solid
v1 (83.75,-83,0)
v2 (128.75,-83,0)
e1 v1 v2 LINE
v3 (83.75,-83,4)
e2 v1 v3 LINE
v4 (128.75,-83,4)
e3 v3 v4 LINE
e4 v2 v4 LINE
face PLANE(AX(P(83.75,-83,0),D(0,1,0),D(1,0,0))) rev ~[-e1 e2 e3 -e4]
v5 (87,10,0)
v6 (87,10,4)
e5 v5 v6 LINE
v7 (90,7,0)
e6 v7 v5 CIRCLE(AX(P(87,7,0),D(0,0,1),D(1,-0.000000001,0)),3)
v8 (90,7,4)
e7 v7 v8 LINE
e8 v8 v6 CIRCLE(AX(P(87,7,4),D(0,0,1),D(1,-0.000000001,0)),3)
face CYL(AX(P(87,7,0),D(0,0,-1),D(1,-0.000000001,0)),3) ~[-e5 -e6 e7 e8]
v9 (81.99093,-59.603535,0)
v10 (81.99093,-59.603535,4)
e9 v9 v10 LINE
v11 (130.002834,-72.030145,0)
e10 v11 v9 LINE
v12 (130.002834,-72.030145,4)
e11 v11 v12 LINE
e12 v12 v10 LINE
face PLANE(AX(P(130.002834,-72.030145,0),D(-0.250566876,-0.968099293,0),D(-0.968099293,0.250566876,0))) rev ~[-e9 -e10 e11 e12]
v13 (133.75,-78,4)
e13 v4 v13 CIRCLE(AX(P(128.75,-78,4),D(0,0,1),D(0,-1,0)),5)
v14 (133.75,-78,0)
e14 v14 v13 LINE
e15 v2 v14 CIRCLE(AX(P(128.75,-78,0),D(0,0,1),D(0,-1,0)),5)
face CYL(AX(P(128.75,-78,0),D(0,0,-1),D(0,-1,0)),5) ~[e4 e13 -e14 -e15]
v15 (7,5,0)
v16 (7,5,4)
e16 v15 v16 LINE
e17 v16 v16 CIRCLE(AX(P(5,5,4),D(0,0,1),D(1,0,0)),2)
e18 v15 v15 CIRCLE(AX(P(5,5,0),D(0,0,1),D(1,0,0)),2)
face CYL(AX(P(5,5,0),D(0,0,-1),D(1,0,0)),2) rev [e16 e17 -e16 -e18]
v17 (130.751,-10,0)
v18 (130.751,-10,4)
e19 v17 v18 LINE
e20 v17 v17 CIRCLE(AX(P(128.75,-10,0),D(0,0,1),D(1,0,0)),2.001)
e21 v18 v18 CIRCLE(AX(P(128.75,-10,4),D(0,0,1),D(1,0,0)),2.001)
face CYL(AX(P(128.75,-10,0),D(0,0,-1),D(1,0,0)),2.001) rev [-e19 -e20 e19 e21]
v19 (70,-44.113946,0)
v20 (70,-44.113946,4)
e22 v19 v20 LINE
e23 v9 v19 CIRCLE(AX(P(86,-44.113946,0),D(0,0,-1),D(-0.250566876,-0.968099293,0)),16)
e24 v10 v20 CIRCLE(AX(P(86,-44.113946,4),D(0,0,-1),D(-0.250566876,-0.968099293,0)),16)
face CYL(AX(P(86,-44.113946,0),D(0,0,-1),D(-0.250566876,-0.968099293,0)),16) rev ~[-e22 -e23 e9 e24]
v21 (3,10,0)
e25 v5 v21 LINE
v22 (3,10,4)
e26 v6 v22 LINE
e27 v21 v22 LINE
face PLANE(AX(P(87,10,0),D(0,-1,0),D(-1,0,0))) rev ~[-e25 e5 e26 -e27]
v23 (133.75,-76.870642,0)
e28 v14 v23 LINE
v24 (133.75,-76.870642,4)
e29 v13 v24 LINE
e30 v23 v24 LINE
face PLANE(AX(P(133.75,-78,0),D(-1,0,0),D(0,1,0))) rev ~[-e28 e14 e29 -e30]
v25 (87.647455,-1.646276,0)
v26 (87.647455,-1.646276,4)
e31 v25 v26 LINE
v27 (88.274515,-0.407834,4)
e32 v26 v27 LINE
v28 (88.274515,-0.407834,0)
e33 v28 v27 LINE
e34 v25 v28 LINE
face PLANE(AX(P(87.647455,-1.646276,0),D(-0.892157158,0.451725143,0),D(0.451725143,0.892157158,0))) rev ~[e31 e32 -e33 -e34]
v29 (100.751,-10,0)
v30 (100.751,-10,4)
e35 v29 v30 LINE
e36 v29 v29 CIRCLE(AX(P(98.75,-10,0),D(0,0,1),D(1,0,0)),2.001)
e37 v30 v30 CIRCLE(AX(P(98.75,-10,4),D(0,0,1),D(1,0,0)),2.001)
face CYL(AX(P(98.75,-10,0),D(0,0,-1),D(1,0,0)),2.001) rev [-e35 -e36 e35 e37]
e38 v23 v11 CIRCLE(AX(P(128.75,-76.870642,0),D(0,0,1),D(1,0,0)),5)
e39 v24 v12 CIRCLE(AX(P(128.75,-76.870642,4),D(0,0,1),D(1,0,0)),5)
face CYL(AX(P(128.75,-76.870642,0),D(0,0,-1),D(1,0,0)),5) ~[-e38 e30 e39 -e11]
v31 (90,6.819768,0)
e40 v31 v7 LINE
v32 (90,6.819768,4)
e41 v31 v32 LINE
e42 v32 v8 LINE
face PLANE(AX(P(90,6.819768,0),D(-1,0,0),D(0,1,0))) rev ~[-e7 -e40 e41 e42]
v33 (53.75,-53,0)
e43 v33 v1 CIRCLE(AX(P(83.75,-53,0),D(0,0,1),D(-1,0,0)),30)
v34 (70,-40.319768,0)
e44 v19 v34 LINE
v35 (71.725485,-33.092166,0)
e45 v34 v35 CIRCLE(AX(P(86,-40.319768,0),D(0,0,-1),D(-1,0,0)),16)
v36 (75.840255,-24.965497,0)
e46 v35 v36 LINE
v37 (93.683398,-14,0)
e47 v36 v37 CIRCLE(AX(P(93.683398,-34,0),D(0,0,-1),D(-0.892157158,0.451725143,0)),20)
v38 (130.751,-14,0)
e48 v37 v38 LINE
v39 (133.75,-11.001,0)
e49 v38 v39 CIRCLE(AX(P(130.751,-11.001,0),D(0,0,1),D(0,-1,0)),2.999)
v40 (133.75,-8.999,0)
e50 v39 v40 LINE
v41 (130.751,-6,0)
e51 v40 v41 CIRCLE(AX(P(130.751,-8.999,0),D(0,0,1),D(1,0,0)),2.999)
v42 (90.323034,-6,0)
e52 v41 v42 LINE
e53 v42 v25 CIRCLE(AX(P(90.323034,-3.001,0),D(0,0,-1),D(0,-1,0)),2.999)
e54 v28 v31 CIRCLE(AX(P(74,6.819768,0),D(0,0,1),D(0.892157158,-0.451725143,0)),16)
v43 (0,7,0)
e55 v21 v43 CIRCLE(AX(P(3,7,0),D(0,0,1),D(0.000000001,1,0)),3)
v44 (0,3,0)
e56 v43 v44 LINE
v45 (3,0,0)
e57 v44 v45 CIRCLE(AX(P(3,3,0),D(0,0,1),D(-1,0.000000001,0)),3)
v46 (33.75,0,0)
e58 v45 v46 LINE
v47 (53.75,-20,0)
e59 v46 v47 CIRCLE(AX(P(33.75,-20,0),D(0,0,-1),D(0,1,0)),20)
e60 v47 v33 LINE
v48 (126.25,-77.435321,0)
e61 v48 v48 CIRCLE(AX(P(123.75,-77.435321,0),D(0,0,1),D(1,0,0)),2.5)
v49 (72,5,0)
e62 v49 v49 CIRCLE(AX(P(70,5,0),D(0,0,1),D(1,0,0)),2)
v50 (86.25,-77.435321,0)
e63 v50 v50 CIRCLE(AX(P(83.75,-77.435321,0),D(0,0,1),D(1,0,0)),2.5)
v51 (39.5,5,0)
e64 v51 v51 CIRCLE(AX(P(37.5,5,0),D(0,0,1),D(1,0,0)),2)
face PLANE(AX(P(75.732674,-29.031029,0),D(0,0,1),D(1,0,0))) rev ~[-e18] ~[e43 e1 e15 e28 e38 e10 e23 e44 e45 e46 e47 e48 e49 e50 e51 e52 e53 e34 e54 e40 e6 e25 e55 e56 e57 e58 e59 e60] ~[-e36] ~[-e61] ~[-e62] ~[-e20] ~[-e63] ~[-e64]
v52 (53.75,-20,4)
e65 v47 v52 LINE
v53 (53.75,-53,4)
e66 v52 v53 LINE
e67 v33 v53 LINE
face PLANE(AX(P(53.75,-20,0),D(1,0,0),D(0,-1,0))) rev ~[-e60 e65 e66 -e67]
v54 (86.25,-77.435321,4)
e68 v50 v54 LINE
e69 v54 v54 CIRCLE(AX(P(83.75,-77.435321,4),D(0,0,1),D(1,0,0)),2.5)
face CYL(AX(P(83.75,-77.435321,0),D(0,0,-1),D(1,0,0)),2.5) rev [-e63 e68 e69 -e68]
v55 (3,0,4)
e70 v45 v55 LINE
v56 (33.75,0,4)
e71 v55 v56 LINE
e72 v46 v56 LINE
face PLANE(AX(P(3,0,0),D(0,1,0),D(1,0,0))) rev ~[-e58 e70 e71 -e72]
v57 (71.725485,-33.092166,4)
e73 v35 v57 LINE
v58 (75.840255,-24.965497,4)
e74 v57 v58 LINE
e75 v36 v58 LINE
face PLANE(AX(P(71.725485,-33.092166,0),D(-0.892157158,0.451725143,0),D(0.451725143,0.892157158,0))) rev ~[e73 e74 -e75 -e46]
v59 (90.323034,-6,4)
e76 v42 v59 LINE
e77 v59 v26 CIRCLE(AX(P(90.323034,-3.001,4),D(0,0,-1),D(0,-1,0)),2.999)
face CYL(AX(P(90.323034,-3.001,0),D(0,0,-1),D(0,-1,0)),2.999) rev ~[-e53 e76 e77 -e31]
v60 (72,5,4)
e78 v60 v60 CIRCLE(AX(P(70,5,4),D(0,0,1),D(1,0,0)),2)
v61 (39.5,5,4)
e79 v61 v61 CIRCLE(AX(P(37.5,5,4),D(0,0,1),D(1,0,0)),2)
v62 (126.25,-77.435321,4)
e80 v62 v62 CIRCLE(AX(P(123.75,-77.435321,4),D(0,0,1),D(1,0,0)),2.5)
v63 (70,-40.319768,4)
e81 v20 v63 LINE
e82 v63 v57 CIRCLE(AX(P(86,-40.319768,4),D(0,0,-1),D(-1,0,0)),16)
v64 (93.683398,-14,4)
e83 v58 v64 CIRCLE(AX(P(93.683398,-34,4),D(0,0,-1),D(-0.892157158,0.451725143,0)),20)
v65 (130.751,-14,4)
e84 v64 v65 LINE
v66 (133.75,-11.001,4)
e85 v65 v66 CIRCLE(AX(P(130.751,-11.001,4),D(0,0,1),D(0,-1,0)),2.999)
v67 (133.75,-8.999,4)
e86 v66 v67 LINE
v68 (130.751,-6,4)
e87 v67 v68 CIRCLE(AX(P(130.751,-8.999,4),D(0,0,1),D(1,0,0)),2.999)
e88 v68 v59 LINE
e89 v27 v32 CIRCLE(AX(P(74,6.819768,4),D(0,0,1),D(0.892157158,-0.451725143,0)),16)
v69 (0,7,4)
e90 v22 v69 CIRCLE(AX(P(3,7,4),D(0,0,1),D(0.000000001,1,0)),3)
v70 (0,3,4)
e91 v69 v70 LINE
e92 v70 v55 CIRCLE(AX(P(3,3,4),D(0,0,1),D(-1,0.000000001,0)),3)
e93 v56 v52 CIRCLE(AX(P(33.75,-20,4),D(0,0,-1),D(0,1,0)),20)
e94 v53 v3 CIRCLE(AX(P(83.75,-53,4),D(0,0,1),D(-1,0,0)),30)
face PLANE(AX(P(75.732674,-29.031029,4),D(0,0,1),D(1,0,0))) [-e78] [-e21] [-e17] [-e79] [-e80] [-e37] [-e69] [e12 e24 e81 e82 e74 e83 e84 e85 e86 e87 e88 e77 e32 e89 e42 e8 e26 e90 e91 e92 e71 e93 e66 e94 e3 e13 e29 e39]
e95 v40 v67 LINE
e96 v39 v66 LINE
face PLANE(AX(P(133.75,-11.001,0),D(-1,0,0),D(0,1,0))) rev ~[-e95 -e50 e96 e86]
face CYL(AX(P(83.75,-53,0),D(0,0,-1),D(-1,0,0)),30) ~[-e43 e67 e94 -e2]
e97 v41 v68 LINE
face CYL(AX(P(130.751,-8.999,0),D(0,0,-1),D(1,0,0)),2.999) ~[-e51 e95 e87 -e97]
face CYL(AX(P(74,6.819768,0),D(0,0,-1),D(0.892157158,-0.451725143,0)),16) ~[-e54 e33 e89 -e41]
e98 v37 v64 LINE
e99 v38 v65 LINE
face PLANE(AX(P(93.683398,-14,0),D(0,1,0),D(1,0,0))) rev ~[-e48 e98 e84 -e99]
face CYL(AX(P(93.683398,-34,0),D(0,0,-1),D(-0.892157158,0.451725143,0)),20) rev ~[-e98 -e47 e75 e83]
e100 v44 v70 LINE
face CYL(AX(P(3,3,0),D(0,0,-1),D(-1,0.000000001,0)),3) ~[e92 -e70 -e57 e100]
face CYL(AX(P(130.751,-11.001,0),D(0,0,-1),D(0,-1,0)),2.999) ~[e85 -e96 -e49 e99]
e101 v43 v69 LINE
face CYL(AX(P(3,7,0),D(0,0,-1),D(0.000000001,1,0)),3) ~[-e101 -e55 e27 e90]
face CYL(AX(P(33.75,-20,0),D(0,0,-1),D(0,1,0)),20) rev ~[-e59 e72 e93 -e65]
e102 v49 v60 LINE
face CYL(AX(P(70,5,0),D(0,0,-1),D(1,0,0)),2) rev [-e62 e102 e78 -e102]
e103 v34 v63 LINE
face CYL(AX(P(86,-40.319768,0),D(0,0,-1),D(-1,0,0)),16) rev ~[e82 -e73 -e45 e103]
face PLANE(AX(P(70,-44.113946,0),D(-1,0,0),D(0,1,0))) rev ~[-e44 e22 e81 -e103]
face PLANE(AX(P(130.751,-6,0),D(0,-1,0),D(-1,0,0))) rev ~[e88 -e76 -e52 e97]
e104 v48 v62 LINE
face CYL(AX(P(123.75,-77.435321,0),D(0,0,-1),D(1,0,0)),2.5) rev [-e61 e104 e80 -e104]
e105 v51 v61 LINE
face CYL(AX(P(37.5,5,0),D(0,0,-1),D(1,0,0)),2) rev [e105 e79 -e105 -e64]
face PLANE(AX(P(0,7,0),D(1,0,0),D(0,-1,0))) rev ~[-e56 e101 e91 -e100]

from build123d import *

# Parameters (mm, degrees)
SKETCH1_R           = 2
SKETCH1_R_2         = 2.5
SKETCH1_R_3         = 2.001
BOSS_EXTRUDE1_DEPTH = 4


with BuildPart() as part:
    # Sketch1 → Boss-Extrude1 (new body)
    with BuildSketch(Plane.XY):
        with BuildLine():
            Line((3, 0), (33.75, 0))
            ThreePointArc((33.75, 0), (47.892135624, -5.857864376), (53.75, -20))
            Line((53.75, -20), (53.75, -53))
            ThreePointArc((53.75, -53), (62.536796564, -74.213203436), (83.75, -83))
            Line((83.75, -83), (128.75, -83))
            ThreePointArc((128.75, -83), (132.285533906, -81.535533906), (133.75, -78))
            Line((133.75, -78), (133.75, -76.870641833))
            ThreePointArc((133.75, -76.870641833), (132.703743283, -73.809937003), (130.002834379, -72.030145369))
            Line((130.002834379, -72.030145369), (81.990929987, -59.60353482))
            ThreePointArc((81.990929987, -59.60353482), (73.348021495, -53.908201589), (70, -44.113946135))
            Line((70, -44.113946135), (70, -40.319768492))
            ThreePointArc((70, -40.319768492), (70.437348676, -36.604410668), (71.72548547, -33.092166198))
            Line((71.72548547, -33.092166198), (75.840254616, -24.965497133))
            ThreePointArc((75.840254616, -24.965497133), (83.211770813, -16.960486255), (93.68339778, -14))
            Line((93.68339778, -14), (130.751, -14))
            ThreePointArc((130.751, -14), (132.871613237, -13.121613237), (133.75, -11.001))
            Line((133.75, -11.001), (133.75, -8.999))
            ThreePointArc((133.75, -8.999), (132.871613237, -6.878386763), (130.751, -6))
            Line((130.751, -6), (90.323034358, -6))
            ThreePointArc((90.323034358, -6), (87.767959272, -4.571220464), (87.64745504, -1.646276295))
            Line((87.64745504, -1.646276295), (88.27451453, -0.407833802))
            ThreePointArc((88.27451453, -0.407833802), (89.562651324, 3.104410668), (90, 6.819768492))
            Line((90, 6.819768492), (90, 7))
            ThreePointArc((90, 7), (89.121320344, 9.121320344), (87, 10))
            Line((87, 10), (3, 10))
            ThreePointArc((3, 10), (0.878679656, 9.121320344), (0, 7))
            Line((0, 7), (0, 3))
            ThreePointArc((0, 3), (0.878679656, 0.878679656), (3, 0))
        make_face()
        with Locations((5, 5)):
            Circle(SKETCH1_R, mode=Mode.SUBTRACT)
        with Locations((37.5, 5)):
            Circle(SKETCH1_R, mode=Mode.SUBTRACT)
        with Locations((70, 5)):
            Circle(SKETCH1_R, mode=Mode.SUBTRACT)
        with Locations((83.75, -77.435320916)):
            Circle(SKETCH1_R_2, mode=Mode.SUBTRACT)
        with Locations((123.75, -77.435320916)):
            Circle(SKETCH1_R_2, mode=Mode.SUBTRACT)
        with Locations((128.75, -10)):
            Circle(SKETCH1_R_3, mode=Mode.SUBTRACT)
        with Locations((98.75, -10)):
            Circle(SKETCH1_R_3, mode=Mode.SUBTRACT)
    extrude(amount=BOSS_EXTRUDE1_DEPTH)


solid = part.part
